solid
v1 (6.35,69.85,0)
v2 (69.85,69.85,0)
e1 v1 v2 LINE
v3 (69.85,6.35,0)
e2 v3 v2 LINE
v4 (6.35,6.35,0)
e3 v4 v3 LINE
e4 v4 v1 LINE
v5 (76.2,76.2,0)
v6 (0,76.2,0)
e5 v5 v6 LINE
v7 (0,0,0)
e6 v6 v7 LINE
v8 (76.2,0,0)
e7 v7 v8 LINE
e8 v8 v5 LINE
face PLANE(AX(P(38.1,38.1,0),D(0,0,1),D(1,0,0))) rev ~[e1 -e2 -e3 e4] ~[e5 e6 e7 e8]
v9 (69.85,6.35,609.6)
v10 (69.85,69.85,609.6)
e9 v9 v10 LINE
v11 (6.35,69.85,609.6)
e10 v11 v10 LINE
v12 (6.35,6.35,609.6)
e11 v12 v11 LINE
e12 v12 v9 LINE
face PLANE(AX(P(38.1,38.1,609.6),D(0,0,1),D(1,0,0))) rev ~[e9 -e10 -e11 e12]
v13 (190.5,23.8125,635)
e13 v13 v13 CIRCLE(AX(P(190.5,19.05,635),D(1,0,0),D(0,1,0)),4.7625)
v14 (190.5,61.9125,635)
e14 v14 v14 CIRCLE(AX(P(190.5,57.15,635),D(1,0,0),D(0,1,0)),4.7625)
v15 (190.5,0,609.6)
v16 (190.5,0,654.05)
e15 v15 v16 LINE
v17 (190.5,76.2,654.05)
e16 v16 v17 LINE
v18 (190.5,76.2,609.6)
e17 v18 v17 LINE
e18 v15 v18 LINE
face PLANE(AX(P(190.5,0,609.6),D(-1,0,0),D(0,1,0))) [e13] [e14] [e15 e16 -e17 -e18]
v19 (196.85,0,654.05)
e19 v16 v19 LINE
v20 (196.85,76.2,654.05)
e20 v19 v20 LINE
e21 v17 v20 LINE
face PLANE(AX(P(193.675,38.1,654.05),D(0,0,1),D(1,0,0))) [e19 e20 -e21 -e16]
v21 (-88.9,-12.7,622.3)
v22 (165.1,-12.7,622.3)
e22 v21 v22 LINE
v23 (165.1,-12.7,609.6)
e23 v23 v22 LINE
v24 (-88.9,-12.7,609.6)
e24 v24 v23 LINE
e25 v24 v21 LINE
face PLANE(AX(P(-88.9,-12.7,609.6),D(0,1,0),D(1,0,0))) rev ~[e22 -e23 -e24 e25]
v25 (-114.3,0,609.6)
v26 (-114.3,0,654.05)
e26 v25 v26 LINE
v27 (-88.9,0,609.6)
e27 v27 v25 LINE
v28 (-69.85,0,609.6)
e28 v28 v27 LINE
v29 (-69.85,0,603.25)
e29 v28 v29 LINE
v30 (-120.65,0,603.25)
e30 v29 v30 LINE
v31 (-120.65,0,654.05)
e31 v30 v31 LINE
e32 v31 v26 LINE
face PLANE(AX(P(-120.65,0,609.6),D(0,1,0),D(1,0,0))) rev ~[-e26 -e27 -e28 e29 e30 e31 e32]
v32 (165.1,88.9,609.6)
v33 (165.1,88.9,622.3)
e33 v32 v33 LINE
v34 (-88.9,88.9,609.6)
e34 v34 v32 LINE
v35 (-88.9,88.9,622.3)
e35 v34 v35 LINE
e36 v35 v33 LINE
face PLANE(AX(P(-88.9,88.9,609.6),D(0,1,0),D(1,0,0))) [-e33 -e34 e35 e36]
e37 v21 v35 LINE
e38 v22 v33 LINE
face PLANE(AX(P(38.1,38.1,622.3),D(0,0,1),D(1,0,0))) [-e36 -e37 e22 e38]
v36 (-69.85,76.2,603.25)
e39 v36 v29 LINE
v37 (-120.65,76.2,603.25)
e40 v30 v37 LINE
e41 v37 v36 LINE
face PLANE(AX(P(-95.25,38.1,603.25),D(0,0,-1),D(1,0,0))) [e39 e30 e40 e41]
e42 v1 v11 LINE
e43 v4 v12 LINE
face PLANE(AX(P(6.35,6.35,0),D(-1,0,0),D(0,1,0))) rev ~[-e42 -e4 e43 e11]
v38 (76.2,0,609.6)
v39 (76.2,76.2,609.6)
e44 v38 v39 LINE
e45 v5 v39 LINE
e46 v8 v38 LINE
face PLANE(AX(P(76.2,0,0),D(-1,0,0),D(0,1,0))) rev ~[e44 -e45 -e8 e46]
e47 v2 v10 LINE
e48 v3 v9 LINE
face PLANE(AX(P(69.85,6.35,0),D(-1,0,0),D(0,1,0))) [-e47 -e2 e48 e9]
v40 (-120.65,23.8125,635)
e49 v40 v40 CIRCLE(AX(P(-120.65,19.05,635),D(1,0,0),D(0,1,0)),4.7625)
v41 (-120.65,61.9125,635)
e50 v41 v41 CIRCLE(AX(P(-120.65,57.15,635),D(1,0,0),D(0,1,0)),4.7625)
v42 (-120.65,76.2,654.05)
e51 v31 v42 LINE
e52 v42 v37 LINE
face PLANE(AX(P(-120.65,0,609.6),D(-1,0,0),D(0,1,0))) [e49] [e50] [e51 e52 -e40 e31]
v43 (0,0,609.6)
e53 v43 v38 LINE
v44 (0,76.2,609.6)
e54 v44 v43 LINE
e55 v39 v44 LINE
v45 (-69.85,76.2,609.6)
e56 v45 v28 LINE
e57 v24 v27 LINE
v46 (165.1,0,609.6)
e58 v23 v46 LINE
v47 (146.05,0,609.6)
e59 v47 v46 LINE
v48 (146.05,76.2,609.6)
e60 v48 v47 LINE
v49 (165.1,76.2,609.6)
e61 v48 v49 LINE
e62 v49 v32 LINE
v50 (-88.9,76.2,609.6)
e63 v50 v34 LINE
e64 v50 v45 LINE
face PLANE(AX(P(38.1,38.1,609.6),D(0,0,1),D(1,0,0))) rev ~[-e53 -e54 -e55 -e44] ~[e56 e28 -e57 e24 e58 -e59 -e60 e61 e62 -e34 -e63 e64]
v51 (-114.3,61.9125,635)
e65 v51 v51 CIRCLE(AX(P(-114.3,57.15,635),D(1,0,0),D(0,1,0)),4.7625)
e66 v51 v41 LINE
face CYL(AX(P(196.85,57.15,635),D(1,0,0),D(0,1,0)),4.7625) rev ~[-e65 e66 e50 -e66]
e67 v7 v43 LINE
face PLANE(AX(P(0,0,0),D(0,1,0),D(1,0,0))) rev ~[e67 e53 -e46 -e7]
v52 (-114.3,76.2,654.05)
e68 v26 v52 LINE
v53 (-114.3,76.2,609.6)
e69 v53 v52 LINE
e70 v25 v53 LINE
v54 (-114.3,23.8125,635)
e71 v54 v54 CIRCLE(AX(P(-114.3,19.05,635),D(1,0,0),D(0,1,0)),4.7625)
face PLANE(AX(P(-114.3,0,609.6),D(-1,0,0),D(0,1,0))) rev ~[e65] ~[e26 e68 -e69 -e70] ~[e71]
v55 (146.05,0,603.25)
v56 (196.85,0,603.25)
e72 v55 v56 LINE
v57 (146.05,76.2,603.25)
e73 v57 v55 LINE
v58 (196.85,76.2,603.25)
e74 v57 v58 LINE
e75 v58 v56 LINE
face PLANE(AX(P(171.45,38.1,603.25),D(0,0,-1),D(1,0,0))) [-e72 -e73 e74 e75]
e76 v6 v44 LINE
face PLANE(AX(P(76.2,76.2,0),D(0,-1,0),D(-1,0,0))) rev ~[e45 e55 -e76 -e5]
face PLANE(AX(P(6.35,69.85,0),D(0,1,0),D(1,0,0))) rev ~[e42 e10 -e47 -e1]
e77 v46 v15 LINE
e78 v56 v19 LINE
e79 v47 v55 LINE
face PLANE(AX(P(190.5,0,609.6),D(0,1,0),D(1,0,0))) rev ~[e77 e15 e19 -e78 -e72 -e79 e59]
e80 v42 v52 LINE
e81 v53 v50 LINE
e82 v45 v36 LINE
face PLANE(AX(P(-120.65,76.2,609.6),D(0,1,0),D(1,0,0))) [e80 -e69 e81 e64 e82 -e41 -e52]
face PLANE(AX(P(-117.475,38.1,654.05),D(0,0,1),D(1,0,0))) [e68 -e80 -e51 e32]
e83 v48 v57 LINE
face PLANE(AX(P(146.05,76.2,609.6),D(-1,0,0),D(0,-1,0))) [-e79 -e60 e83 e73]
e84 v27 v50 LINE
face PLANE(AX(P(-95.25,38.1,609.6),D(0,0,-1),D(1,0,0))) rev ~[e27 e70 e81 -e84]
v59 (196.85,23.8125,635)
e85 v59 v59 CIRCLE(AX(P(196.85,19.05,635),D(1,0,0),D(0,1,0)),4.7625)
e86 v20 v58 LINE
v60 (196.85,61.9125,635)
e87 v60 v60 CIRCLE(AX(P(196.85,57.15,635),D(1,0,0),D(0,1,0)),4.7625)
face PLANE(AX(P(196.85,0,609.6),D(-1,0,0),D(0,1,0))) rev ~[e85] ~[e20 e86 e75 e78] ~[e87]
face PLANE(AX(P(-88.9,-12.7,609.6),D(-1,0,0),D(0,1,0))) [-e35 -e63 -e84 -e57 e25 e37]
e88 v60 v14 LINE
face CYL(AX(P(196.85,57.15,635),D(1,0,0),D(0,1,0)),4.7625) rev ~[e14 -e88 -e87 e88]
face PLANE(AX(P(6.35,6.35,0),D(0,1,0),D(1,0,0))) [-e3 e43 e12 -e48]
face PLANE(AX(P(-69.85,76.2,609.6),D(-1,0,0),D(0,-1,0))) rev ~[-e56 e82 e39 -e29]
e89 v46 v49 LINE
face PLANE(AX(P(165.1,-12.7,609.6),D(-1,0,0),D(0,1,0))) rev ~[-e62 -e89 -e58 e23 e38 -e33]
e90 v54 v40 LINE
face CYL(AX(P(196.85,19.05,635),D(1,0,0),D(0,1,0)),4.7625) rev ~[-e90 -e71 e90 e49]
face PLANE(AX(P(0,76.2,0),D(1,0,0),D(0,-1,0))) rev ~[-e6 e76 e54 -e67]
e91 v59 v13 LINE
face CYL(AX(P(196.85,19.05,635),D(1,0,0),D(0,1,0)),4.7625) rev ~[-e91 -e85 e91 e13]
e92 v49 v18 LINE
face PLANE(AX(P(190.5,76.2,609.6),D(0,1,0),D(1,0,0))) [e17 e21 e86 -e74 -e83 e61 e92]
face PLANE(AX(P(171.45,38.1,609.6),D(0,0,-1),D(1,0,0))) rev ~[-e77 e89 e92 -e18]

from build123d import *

# Parameters (mm, degrees)
F0_W      = 63.5
F0_H      = 63.5
F1_DEPTH  = 609.6
F2_W      = 254
F2_H      = 101.6
F3_DEPTH  = 12.7
F4_W      = 50.8
F4_H      = 76.2
F5_DEPTH  = 6.35
F6_W      = 6.35
F6_H      = 76.2
F7_DEPTH  = 44.45
F8_W      = 6.35
F8_H      = 76.2
F9_DEPTH  = 44.45
F10_R     = 4.7625
F11_DEPTH = 381


with BuildPart() as f1:
    # F0 (on Top) → F1 (new body)
    with BuildSketch(Plane.XY):
        Polygon((0, 76.2), (0, 0), (76.2, 0), (76.2, 76.2), (6.35, 76.2), (5.991533, 76.2), align=None)
        with Locations((38.1, 38.1)):
            Rectangle(F0_W, F0_H, mode=Mode.SUBTRACT)
    extrude(amount=F1_DEPTH)

    # F2 (on face) → F3 (join)
    with BuildSketch(Plane.XY.offset(609.6)):
        with Locations((38.1, 38.1)):
            Rectangle(F2_W, F2_H)
    extrude(amount=F3_DEPTH)

    # F4 (on face) → F5 (join)
    with BuildSketch(Plane(origin=(0, 0, 609.6), x_dir=(1, 0, 0), z_dir=(0, 0, -1))):
        Polygon((-69.85, 0), (-88.9, 0), (-120.65, 0), (-120.65, -76.2), (-69.85, -76.2), align=None)
        with Locations((171.45, -38.1)):
            Rectangle(F4_W, F4_H)
    extrude(amount=F5_DEPTH)

    # F6 (on face) → F7 (join)
    with BuildSketch(Plane.XY.offset(609.6)):
        with Locations((-117.475, 38.1)):
            Rectangle(F6_W, F6_H)
    extrude(amount=F7_DEPTH)

    # F8 (on face) → F9 (join)
    with BuildSketch(Plane.XY.offset(609.6)):
        with Locations((193.675, 38.1)):
            Rectangle(F8_W, F8_H)
    extrude(amount=F9_DEPTH)

    # F10 (on face) → F11 (cut)
    with BuildSketch(Plane.YZ.offset(196.85)):
        with Locations((19.05, 635)):
            Circle(F10_R)
        with Locations((57.15, 635)):
            Circle(F10_R)
    extrude(amount=-F11_DEPTH, mode=Mode.SUBTRACT)


solid = f1.part
